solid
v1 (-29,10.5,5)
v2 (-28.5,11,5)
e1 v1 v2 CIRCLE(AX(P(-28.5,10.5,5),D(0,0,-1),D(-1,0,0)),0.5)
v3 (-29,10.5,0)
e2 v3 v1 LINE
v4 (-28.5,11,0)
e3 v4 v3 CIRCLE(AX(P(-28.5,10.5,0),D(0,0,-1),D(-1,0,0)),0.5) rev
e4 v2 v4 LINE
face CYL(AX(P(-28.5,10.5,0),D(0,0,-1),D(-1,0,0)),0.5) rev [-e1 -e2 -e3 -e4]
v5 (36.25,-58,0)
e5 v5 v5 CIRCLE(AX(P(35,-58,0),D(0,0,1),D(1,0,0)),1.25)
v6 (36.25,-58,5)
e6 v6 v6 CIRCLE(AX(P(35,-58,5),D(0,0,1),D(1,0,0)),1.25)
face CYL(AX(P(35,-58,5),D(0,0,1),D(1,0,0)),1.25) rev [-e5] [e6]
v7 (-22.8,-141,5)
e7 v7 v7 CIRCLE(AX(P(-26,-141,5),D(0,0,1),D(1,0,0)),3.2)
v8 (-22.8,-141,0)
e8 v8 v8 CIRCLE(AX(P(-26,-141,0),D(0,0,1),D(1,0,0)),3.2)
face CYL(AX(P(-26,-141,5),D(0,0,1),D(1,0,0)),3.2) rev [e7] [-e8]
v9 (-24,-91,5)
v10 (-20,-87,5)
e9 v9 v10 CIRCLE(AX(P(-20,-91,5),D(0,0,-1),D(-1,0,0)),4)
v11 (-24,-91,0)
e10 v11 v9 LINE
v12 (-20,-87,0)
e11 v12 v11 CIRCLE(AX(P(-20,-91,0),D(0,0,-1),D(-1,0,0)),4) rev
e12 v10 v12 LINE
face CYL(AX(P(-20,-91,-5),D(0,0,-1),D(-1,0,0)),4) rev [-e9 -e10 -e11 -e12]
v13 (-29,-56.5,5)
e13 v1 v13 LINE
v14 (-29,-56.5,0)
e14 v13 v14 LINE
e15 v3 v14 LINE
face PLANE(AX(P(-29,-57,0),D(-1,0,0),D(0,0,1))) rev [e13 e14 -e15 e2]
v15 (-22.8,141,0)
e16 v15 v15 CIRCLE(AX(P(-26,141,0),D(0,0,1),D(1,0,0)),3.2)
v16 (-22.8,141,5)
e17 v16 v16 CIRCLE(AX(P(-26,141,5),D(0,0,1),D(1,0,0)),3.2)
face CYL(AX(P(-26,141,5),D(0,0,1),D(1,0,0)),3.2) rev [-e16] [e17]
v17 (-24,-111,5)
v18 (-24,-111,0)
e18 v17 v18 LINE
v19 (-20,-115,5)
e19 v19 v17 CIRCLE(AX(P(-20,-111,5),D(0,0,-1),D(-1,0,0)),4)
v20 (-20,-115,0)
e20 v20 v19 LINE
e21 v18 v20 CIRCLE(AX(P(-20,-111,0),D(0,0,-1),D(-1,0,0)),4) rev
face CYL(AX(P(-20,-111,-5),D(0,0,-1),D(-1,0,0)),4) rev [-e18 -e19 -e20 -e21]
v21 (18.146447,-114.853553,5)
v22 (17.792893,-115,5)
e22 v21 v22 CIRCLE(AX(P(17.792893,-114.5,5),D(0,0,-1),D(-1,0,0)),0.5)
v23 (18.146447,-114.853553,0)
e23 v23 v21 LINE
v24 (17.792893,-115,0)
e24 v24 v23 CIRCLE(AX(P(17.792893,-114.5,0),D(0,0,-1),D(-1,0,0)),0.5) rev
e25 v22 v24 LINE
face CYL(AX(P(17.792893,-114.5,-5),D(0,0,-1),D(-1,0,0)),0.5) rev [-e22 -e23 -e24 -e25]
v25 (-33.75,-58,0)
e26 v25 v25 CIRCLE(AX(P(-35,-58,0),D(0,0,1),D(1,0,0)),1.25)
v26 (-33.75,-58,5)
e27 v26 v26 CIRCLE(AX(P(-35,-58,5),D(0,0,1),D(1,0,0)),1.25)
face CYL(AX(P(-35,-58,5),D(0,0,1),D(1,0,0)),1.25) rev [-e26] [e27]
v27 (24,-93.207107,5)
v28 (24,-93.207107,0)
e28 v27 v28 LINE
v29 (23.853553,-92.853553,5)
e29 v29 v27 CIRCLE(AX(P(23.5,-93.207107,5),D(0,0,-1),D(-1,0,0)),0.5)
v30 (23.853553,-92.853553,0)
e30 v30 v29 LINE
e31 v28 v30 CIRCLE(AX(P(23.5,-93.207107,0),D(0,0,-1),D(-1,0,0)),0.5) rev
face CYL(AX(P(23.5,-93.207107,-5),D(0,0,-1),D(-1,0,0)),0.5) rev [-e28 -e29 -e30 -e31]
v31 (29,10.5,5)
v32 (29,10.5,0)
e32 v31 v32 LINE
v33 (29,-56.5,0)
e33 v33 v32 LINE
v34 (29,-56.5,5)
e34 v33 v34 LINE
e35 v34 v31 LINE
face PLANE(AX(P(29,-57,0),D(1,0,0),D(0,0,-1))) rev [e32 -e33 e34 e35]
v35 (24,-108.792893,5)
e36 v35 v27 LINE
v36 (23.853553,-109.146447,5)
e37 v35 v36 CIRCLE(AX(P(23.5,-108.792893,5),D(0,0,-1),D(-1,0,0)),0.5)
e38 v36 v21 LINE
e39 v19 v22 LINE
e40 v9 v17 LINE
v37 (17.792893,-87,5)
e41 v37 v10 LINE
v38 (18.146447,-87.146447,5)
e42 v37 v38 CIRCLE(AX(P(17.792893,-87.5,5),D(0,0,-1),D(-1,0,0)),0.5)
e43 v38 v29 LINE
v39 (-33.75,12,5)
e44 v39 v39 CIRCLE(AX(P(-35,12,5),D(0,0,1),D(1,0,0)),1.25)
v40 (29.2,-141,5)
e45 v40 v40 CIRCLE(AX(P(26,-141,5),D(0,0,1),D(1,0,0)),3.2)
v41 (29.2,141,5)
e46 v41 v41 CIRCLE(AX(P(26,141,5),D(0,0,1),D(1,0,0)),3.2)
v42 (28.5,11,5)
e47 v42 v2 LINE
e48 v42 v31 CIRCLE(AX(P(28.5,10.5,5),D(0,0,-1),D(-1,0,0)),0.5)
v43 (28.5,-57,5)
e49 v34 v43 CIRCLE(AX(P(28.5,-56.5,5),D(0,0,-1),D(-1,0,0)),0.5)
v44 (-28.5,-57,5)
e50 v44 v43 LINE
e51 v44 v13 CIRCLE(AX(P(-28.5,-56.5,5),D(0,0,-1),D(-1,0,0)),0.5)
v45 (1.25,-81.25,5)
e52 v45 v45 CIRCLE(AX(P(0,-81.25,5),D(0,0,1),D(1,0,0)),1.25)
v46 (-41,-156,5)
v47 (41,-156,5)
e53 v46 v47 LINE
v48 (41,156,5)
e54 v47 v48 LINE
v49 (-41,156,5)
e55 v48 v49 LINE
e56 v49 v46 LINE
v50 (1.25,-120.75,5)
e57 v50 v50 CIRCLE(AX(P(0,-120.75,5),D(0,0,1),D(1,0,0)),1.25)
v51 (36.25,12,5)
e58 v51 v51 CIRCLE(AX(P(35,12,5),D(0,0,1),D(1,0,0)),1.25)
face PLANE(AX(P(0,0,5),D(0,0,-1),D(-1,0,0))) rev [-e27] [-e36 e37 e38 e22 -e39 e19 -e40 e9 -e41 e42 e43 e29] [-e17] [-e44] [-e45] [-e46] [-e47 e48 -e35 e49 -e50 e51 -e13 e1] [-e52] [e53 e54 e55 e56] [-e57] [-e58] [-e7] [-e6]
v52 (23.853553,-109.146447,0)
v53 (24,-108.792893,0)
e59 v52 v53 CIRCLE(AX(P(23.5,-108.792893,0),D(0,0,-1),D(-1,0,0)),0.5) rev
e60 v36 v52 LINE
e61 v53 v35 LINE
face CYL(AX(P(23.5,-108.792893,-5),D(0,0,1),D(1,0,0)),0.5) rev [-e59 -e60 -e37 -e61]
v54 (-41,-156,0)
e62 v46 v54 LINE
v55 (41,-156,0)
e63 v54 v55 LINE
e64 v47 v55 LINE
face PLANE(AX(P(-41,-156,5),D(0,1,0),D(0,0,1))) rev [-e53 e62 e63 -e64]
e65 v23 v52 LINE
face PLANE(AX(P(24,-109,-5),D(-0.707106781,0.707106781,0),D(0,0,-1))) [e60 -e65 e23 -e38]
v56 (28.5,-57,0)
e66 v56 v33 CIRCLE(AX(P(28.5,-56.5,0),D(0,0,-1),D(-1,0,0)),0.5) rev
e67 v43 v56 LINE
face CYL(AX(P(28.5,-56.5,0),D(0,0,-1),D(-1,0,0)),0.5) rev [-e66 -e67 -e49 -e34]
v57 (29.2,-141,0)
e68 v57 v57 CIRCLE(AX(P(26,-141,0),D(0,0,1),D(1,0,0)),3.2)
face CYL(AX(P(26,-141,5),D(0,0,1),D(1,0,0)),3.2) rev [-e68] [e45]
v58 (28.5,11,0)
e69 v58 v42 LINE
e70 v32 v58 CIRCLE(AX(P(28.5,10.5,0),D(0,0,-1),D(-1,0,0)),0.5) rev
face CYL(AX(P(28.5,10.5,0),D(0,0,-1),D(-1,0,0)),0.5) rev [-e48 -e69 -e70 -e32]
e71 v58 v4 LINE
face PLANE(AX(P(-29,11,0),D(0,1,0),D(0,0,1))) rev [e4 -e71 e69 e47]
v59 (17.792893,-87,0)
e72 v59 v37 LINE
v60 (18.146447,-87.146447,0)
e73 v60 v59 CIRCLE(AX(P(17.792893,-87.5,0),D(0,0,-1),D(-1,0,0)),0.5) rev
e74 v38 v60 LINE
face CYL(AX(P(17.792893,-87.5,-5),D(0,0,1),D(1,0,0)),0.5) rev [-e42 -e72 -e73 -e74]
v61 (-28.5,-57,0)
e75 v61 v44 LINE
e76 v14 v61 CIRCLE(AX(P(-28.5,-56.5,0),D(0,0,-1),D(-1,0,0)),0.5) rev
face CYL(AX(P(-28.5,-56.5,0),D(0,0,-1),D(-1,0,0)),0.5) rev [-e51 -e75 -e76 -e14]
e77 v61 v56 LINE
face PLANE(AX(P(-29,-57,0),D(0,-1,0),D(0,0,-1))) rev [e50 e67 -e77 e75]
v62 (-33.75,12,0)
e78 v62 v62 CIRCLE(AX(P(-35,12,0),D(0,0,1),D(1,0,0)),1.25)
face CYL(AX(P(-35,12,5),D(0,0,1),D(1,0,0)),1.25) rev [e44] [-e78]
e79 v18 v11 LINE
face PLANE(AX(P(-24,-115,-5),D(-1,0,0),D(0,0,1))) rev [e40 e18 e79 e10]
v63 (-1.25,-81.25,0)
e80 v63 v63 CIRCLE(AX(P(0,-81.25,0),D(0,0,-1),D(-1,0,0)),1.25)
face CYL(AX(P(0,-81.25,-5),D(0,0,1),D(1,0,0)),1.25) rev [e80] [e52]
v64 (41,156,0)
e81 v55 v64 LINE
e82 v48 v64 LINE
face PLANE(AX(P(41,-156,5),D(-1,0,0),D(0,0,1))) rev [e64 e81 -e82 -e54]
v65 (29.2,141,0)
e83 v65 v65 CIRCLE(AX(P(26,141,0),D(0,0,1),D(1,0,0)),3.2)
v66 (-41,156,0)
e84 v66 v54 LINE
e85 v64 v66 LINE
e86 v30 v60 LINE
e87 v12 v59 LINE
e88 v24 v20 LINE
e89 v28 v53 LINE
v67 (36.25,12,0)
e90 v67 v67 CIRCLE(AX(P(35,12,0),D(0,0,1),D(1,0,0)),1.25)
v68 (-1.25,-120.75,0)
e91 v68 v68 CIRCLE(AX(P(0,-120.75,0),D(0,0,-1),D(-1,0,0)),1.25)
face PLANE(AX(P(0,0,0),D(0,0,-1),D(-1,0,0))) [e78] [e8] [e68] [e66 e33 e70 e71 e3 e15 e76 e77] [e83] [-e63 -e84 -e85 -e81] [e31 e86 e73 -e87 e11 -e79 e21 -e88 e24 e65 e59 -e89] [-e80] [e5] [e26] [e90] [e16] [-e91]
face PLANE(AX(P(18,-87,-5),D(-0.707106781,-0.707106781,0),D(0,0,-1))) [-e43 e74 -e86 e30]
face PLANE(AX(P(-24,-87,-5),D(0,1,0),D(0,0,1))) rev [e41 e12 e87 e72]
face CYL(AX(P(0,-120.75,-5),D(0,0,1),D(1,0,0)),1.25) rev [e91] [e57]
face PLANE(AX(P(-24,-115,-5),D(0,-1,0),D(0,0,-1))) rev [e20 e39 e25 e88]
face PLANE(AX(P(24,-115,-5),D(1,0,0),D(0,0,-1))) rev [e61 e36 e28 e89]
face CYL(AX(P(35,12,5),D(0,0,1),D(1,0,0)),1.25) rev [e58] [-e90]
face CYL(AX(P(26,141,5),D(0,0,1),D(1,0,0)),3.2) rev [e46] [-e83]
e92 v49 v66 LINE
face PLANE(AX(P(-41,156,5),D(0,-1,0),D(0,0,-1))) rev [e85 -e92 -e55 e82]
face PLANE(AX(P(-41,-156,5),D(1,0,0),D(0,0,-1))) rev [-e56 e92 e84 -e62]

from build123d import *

# Parameters (mm, degrees)
SKETCH1_W                = 82
SKETCH1_H                = 312
BOSS_EXTRUDE1_DEPTH      = 5
SKETCH2_R                = 1.25
SKETCH2_W                = 48
SKETCH2_H                = 28
CUT_EXTRUDE1_DEPTH       = 10
CHAMFER1_SIZE            = 6
FILLET1_R                = 4
SKETCH3_W                = 58
SKETCH3_H                = 68
CUT_EXTRUDE2_DEPTH       = 6
M3X0_5_TAPPED_HOLE1_D    = 2.5
FILLET2_R                = 0.5
M6_CLEARANCE_HOLE1_D     = 6.4
M6_CLEARANCE_HOLE1_DEPTH = 5
M6_CLEARANCE_HOLE1_TIP   = 1.922753981


with BuildPart() as part:
    # Sketch1 → Boss-Extrude1 (new body)
    with BuildSketch(Plane.XY):
        Rectangle(SKETCH1_W, SKETCH1_H)
    extrude(amount=BOSS_EXTRUDE1_DEPTH)

    # Sketch2 → Cut-Extrude1 (cut)
    with BuildSketch(Plane.XY.offset(5)):
        with Locations((0, -81.25)):
            Circle(SKETCH2_R)
        with Locations((0, -120.75)):
            Circle(SKETCH2_R)
        with Locations((0, -101)):
            Rectangle(SKETCH2_W, SKETCH2_H)
    extrude(amount=-CUT_EXTRUDE1_DEPTH, mode=Mode.SUBTRACT)

    # Chamfer1
    chamfer1_edges = [part.edges().sort_by_distance(p)[0] for p in [
        (24, -87, 2.5),
        (24, -115, 2.5),
    ]]
    chamfer(chamfer1_edges, length=CHAMFER1_SIZE)

    # Fillet1
    fillet1_edges = [part.edges().sort_by_distance(p)[0] for p in [
        (-24, -115, 2.5),
        (-24, -87, 2.5),
    ]]
    fillet(fillet1_edges, radius=FILLET1_R)

    # Sketch3 → Cut-Extrude2 (cut, through all)
    with BuildSketch(Plane.XY.offset(5)):
        with Locations((0, -23)):
            Rectangle(SKETCH3_W, SKETCH3_H)
    extrude(amount=-CUT_EXTRUDE2_DEPTH, mode=Mode.SUBTRACT)

    # M3x0.5 Tapped Hole1 (through all)
    with Locations(Plane.XY.offset(5)):
        with Locations((-35, 12), (35, 12), (35, -58), (-35, -58)):
            Hole(M3X0_5_TAPPED_HOLE1_D / 2)

    # Fillet2
    fillet2_edges = [part.edges().sort_by_distance(p)[0] for p in [
        (24, -93, 2.5),
        (24, -109, 2.5),
        (18, -115, 2.5),
        (18, -87, 2.5),
        (29, 11, 2.5),
        (29, -57, 2.5),
        (-29, -57, 2.5),
        (-29, 11, 2.5),
    ]]
    fillet(fillet2_edges, radius=FILLET2_R)

    # M6 Clearance Hole1
    with Locations(Plane.XY.offset(5)):
        with Locations((-26, 141), (26, 141), (-26, -141), (26, -141)):
            Hole(M6_CLEARANCE_HOLE1_D / 2, depth=M6_CLEARANCE_HOLE1_DEPTH)
            with Locations((0, 0, -(M6_CLEARANCE_HOLE1_DEPTH + M6_CLEARANCE_HOLE1_TIP / 2))):  # 118° drill point
                Cone(0, M6_CLEARANCE_HOLE1_D / 2, M6_CLEARANCE_HOLE1_TIP, mode=Mode.SUBTRACT)


solid = part.part
